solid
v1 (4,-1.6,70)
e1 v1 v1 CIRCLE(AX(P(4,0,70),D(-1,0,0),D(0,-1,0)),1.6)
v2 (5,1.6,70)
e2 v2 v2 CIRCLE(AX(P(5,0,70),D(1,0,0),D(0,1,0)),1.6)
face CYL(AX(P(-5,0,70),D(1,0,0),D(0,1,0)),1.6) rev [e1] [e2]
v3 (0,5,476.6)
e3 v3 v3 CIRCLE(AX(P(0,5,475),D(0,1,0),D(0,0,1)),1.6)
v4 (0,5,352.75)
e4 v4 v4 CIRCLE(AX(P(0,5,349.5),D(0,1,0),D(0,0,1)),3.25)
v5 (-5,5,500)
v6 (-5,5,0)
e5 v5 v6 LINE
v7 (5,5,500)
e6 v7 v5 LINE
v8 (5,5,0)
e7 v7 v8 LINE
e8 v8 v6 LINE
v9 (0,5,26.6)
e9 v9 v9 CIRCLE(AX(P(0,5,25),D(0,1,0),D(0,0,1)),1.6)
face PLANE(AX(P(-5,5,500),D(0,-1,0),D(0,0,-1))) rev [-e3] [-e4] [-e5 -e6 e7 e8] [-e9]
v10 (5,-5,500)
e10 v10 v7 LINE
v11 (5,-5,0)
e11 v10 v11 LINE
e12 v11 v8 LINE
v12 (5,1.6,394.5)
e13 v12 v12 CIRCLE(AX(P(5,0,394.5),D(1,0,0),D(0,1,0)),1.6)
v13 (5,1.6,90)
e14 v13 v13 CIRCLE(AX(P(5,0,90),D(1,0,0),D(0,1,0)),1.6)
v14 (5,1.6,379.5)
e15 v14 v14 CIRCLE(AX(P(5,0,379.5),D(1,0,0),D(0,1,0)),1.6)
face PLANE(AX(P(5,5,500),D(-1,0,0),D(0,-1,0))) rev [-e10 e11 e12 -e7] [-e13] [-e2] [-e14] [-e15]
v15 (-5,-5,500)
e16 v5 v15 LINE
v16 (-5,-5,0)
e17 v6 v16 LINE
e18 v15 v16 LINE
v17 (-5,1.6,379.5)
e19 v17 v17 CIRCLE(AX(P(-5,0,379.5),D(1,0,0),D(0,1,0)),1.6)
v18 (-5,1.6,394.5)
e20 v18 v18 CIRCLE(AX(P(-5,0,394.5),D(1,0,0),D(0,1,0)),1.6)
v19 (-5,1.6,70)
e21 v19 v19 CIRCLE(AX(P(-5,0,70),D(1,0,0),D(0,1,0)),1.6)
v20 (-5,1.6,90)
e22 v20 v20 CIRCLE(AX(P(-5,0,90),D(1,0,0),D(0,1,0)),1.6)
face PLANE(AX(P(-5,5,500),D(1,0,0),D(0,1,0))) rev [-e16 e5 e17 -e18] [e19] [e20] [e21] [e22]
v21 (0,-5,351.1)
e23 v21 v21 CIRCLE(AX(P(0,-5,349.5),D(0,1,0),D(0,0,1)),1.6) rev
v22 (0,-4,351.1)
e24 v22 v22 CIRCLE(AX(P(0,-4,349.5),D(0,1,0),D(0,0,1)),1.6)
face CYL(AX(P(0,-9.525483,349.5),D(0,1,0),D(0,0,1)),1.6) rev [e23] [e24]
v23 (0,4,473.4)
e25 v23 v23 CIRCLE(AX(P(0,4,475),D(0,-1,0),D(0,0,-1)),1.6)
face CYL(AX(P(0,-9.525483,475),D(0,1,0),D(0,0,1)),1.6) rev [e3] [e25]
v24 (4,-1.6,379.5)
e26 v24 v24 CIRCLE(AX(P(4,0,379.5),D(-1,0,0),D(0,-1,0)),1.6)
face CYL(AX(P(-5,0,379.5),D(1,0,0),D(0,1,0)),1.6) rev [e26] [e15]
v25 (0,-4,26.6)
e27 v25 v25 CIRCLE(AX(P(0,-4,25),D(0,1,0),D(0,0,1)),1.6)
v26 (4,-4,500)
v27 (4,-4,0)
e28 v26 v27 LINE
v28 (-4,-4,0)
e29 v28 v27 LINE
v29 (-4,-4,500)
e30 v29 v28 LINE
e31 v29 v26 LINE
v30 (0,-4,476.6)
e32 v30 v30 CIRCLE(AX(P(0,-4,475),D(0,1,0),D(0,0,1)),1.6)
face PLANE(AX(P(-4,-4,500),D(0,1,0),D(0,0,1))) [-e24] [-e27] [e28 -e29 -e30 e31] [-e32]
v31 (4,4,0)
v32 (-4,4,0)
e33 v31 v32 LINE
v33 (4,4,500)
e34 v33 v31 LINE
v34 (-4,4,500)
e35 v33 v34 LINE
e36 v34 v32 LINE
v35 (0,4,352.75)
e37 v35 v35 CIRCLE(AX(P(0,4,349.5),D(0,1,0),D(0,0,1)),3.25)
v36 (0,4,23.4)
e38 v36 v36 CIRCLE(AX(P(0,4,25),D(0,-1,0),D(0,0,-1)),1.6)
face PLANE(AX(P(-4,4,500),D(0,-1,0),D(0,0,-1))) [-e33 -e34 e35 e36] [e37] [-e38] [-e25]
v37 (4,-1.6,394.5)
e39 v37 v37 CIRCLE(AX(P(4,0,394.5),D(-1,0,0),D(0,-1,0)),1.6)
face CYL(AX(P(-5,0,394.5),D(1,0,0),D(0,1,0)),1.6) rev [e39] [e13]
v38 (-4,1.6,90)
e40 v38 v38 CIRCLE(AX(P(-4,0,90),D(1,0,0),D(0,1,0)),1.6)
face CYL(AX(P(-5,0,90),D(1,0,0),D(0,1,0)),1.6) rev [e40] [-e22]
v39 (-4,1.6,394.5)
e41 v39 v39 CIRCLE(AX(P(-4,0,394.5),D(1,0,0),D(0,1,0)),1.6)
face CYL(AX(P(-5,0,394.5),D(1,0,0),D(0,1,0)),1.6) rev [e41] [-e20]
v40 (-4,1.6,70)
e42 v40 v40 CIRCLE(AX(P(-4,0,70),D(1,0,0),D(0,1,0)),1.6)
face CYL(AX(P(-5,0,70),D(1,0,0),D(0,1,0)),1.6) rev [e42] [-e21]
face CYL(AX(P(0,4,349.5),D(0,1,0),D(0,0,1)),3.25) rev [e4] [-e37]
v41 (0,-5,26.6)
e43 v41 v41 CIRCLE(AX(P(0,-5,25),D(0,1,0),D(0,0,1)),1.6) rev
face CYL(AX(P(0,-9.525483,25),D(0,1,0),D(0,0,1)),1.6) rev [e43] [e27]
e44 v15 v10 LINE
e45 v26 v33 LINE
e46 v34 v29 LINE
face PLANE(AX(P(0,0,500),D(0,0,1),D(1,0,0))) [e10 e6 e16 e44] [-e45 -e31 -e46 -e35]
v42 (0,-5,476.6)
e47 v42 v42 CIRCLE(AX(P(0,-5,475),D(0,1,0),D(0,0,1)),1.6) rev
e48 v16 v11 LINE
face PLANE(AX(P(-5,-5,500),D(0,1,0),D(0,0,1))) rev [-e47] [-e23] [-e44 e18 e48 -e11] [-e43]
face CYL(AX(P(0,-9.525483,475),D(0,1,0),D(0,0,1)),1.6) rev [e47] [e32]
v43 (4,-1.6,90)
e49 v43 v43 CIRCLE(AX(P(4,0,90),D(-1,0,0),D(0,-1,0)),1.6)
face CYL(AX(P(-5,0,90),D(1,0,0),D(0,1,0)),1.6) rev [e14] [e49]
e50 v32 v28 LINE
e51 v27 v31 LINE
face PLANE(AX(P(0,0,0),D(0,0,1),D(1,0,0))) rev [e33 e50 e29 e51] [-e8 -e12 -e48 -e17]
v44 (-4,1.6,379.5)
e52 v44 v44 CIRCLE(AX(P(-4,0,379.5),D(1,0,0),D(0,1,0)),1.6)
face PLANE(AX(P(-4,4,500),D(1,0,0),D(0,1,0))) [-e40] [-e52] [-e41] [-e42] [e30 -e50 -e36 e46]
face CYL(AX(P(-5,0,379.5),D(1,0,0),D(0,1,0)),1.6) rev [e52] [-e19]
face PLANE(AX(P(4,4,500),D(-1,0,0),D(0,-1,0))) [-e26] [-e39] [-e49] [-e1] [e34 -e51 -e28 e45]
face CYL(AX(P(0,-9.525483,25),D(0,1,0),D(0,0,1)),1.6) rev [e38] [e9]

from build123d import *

# Parameters (mm, degrees)
SKETCH1_W           = 10
SKETCH1_H           = 10
SKETCH1_W_2         = 8
SKETCH1_H_2         = 8
BOSS_EXTRUDE1_DEPTH = 500
CUT_EXTRUDE1_REACH  = 502.125
SKETCH2_R           = 1.6
CUT_EXTRUDE2_REACH  = 502.125
SKETCH3_R           = 1.6
SKETCH4_R           = 1.6
CUT_EXTRUDE3_DEPTH  = 10
SKETCH5_R           = 3.25
CUT_EXTRUDE4_DEPTH  = 1


with BuildPart() as part:
    # Sketch1 → Boss-Extrude1 (new body)
    with BuildSketch(Plane.XY):
        Rectangle(SKETCH1_W, SKETCH1_H)
        Rectangle(SKETCH1_W_2, SKETCH1_H_2, mode=Mode.SUBTRACT)
    extrude(amount=BOSS_EXTRUDE1_DEPTH)

    # Cut-Extrude1: up to this face of the body (flat: up to its plane)
    cut_extrude1_end = Plane(part.part.faces().sort_by_distance((0, -5, 250))[0])
    # Sketch2 → Cut-Extrude1 (cut, up to the picked face)
    with BuildSketch(Plane(origin=(0, 5, 0), x_dir=(1, 0, 0), z_dir=(0, 1, 0)), mode=Mode.PRIVATE) as cut_extrude1_sk1:
        with Locations(Location((0, -349.5, 0), (0, 0, 270))):
            Circle(SKETCH2_R)
    cut_extrude1_tool1 = split(extrude(cut_extrude1_sk1.sketch, amount=-CUT_EXTRUDE1_REACH, mode=Mode.PRIVATE), bisect_by=cut_extrude1_end, keep=Keep.BOTH, mode=Mode.PRIVATE)
    add(cut_extrude1_tool1.solids().sort_by(Axis((0, 5, 349.5), (0, -1, 0)))[0], mode=Mode.SUBTRACT)

    # Cut-Extrude2: up to this face of the body (flat: up to its plane)
    cut_extrude2_end = Plane(part.part.faces().sort_by_distance((0, -5, 249.839696857))[0])
    # Sketch3 → Cut-Extrude2 (cut, up to the picked face)
    with BuildSketch(Plane(origin=(0, 5, 0), x_dir=(1, 0, 0), z_dir=(0, 1, 0)), mode=Mode.PRIVATE) as cut_extrude2_sk1:
        with Locations(Location((0, -475, 0), (0, 0, 270))):
            Circle(SKETCH3_R)
    cut_extrude2_tool1 = split(extrude(cut_extrude2_sk1.sketch, amount=-CUT_EXTRUDE2_REACH, mode=Mode.PRIVATE), bisect_by=cut_extrude2_end, keep=Keep.BOTH, mode=Mode.PRIVATE)
    # Sketch3 → Cut-Extrude2 (cut, up to the picked face)
    with BuildSketch(Plane(origin=(0, 5, 0), x_dir=(1, 0, 0), z_dir=(0, 1, 0)), mode=Mode.PRIVATE) as cut_extrude2_sk2:
        with Locations(Location((0, -25, 0), (0, 0, 270))):
            Circle(SKETCH3_R)
    cut_extrude2_tool2 = split(extrude(cut_extrude2_sk2.sketch, amount=-CUT_EXTRUDE2_REACH, mode=Mode.PRIVATE), bisect_by=cut_extrude2_end, keep=Keep.BOTH, mode=Mode.PRIVATE)
    add(cut_extrude2_tool1.solids().sort_by(Axis((0, 5, 475), (0, -1, 0)))[0], mode=Mode.SUBTRACT)
    add(cut_extrude2_tool2.solids().sort_by(Axis((0, 5, 25), (0, -1, 0)))[0], mode=Mode.SUBTRACT)

    # Sketch4 → Cut-Extrude3 (cut)
    with BuildSketch(Plane(origin=(5, 0, 0), x_dir=(0, 0, -1), z_dir=(1, 0, 0))):
        with Locations(Location((-70, 0, 0), (0, 0, 90))):
            Circle(SKETCH4_R)
        with Locations(Location((-90, 0, 0), (0, 0, 90))):
            Circle(SKETCH4_R)
        with Locations(Location((-394.5, 0, 0), (0, 0, 90))):
            Circle(SKETCH4_R)
        with Locations(Location((-379.5, 0, 0), (0, 0, 90))):
            Circle(SKETCH4_R)
    extrude(amount=-CUT_EXTRUDE3_DEPTH, mode=Mode.SUBTRACT)

    # Sketch5 → Cut-Extrude4 (cut)
    with BuildSketch(Plane(origin=(0, 5, 0), x_dir=(1, 0, 0), z_dir=(0, 1, 0))):
        with Locations(Location((0, -349.5, 0), (0, 0, 270))):
            Circle(SKETCH5_R)
    extrude(amount=-CUT_EXTRUDE4_DEPTH, mode=Mode.SUBTRACT)


solid = part.part
